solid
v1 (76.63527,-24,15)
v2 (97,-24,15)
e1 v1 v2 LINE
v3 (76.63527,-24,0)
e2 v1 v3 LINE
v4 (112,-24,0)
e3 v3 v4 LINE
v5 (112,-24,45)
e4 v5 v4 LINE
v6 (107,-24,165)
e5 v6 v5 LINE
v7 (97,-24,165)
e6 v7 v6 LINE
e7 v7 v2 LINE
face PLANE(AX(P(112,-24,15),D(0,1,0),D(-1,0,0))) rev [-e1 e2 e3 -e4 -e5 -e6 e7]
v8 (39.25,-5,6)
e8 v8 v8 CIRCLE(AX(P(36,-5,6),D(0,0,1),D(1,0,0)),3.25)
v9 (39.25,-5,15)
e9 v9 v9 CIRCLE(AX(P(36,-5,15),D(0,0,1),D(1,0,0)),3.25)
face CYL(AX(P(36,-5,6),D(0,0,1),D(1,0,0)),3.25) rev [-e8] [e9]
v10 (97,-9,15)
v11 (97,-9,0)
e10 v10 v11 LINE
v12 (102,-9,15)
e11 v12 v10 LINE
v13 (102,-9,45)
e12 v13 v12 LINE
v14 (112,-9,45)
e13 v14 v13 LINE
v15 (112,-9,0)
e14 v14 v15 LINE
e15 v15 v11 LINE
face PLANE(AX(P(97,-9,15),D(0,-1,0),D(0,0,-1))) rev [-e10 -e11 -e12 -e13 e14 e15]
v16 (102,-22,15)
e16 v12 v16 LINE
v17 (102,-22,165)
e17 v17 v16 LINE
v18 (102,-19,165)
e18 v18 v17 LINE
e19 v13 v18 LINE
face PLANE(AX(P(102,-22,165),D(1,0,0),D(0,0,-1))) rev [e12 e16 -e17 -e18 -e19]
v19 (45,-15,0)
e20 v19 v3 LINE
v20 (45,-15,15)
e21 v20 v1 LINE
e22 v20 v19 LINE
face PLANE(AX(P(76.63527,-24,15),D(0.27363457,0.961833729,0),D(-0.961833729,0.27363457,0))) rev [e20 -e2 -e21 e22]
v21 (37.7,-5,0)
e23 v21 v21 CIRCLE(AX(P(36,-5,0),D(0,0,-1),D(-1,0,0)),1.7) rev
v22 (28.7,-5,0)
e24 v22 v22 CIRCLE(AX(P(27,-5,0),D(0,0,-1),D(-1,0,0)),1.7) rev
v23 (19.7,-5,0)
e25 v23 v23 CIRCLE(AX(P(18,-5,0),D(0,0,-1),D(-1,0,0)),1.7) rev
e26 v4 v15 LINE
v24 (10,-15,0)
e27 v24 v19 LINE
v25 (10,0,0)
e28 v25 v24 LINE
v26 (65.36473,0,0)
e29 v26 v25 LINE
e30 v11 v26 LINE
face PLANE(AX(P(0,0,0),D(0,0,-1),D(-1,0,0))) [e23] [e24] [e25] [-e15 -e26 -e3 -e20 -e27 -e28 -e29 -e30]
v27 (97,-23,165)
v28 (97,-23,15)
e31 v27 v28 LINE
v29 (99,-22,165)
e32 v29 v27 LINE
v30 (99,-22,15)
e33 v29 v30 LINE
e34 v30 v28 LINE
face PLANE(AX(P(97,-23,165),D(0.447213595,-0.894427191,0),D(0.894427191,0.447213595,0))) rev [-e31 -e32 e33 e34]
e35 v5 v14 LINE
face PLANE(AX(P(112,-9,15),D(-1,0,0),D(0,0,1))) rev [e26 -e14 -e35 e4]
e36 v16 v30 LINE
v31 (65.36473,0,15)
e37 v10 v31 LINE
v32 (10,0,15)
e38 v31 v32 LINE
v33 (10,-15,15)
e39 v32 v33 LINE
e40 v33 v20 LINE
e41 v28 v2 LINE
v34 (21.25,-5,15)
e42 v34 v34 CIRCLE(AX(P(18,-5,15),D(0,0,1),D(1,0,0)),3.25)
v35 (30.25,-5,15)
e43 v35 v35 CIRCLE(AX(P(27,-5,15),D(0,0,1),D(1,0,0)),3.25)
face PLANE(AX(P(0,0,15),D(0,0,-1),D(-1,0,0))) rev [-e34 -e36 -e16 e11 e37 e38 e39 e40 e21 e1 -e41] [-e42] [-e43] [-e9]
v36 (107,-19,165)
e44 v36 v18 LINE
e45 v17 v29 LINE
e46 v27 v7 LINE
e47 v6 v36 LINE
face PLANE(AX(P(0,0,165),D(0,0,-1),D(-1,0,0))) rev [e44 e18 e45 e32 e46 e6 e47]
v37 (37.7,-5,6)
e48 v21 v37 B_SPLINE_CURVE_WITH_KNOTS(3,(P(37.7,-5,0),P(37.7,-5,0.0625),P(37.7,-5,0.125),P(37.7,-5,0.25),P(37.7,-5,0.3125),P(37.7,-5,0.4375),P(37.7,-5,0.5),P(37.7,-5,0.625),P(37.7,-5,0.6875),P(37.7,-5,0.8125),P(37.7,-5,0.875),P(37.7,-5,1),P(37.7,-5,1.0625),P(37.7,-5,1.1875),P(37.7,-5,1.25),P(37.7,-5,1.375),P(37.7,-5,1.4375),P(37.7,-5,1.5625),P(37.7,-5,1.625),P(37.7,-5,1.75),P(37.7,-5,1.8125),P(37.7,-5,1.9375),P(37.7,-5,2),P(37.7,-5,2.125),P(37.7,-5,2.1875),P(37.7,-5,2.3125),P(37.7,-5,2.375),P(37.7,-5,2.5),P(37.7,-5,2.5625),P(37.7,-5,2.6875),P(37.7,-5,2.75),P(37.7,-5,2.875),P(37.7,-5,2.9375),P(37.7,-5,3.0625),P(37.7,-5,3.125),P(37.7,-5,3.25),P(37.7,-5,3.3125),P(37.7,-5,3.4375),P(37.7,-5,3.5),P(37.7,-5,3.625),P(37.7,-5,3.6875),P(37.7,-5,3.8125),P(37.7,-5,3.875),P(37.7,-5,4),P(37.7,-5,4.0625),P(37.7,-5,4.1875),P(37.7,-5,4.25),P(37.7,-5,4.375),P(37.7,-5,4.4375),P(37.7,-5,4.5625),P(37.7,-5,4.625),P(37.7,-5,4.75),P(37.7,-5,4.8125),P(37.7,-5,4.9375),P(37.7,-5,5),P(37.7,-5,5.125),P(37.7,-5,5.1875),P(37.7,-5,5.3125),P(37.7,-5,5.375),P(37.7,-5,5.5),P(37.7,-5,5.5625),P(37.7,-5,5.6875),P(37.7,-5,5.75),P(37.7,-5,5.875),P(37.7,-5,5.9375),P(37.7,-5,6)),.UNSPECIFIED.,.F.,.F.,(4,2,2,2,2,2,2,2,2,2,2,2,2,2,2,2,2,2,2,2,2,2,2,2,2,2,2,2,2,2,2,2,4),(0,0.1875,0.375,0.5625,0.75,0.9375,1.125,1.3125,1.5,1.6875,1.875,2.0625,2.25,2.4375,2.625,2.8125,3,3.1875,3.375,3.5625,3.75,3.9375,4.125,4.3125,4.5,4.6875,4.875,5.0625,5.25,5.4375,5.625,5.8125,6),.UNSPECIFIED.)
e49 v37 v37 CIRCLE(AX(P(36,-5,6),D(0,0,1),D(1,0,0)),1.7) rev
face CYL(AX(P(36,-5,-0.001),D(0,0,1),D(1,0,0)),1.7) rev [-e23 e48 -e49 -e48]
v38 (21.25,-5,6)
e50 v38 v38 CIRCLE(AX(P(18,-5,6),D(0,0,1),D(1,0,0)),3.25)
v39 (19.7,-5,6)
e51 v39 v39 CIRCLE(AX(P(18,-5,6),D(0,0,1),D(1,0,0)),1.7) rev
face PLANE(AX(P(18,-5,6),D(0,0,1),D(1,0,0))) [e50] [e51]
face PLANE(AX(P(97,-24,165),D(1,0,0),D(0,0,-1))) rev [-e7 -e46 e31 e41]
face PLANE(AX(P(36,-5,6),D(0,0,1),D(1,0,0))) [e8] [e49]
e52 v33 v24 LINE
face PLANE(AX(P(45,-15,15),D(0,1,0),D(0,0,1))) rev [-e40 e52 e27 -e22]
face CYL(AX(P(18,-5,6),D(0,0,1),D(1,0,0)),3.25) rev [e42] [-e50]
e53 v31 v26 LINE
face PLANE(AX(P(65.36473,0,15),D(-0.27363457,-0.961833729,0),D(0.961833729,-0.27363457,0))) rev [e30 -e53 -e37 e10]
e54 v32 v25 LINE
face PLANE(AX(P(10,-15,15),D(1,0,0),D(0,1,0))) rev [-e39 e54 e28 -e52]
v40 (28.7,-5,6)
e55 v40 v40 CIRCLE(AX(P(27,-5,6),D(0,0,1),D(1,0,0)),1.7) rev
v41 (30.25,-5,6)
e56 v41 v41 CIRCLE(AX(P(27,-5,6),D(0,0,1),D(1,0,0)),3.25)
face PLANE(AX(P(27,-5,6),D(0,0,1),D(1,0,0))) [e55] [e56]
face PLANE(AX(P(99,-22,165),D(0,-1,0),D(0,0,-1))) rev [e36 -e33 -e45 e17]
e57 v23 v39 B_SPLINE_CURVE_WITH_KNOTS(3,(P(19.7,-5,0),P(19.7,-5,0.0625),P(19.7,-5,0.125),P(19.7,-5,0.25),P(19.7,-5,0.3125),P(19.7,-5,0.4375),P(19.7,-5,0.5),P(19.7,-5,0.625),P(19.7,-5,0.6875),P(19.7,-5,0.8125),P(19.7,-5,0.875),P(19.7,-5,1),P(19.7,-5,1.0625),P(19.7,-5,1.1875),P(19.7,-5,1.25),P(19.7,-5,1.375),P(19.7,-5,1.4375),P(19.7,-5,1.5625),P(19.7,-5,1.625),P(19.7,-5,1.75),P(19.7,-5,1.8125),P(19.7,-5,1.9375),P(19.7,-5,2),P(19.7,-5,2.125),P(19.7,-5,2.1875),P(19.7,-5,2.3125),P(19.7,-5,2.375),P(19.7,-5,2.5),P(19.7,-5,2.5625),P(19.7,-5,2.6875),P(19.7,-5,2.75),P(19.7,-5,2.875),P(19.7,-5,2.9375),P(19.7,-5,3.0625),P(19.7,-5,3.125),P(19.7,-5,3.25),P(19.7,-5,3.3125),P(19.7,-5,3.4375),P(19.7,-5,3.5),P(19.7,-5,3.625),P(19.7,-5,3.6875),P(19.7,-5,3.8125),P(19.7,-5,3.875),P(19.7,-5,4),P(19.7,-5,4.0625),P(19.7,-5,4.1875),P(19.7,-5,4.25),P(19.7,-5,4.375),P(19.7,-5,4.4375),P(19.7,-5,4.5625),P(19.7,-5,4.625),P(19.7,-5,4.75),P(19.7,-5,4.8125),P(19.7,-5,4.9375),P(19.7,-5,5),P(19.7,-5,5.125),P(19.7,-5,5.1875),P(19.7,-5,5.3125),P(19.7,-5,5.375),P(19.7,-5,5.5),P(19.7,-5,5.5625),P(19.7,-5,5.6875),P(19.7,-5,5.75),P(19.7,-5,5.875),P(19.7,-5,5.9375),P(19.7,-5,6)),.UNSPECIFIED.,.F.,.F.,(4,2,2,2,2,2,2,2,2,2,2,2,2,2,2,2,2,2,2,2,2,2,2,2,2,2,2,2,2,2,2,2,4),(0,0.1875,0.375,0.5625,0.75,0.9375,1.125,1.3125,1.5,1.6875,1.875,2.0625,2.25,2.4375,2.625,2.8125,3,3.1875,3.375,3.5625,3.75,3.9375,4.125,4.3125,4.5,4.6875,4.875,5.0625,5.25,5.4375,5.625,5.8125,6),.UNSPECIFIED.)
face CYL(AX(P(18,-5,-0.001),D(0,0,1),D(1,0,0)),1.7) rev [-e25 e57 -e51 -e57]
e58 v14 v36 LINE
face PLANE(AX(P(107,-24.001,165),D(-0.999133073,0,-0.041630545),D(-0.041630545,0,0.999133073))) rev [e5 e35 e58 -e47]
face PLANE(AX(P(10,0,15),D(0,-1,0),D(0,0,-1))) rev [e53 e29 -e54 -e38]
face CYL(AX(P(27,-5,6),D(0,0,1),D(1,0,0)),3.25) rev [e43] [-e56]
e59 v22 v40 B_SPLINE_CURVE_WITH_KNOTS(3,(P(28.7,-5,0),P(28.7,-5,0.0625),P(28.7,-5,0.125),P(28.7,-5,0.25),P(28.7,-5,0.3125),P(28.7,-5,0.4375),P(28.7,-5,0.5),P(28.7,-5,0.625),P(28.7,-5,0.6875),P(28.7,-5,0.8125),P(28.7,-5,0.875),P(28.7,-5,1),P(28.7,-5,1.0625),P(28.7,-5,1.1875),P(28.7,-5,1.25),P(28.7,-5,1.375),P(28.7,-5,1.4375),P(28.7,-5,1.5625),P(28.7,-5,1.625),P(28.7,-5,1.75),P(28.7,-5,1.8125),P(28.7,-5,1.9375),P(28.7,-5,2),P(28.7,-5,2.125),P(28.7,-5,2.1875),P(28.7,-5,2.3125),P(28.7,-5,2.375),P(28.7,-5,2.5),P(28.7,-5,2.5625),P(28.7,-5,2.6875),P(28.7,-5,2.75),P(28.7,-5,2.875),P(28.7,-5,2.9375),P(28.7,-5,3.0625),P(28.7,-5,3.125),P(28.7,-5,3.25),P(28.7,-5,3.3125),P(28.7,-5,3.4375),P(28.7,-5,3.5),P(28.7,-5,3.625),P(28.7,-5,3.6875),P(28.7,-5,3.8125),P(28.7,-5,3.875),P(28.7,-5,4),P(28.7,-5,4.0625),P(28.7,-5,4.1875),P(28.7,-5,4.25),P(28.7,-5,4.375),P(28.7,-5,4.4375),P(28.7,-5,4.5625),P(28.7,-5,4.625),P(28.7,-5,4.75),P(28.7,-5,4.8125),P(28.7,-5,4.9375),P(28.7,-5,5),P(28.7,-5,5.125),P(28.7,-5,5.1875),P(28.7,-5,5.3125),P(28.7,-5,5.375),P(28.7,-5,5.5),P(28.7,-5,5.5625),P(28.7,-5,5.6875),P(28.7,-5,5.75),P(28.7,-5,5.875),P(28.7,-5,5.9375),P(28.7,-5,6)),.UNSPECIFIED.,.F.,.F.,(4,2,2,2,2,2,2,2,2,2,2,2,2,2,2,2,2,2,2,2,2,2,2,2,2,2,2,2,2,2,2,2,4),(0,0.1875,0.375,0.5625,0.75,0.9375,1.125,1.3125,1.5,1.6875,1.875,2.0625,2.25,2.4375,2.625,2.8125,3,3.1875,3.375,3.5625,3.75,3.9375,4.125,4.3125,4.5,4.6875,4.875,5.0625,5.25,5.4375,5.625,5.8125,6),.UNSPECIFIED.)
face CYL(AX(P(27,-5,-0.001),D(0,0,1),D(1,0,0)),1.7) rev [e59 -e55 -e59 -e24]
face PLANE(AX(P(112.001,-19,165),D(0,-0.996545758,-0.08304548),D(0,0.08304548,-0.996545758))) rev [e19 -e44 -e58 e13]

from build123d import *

# Parameters (mm, degrees)
AUFSATZ_LINEAR_AUSTRAGEN1_DEPTH = 15
AUFSATZ_LINEAR_AUSTRAGEN2_DEPTH = 150
SCHNITT_LINEAR_AUSTRAGEN1_REACH = 192.434
SCHNITT_LINEAR_AUSTRAGEN2_REACH = 190.733
SKIZZE4_R                       = 1.7
SKIZZE5_R                       = 3.25
SCHNITT_LINEAR_AUSTRAGEN3_DEPTH = 9
SCHNITT_LINEAR_AUSTRAGEN4_REACH = 201.985


with BuildPart() as part:
    # Skizze1 → Aufsatz-Linear austragen1 (new body)
    with BuildSketch(Plane.XY):
        Polygon((10, 0), (65.364729758, 0), (97, -9), (112, -9), (112, -24), (76.635270242, -24), (45, -15), (10, -15), align=None)
    extrude(amount=AUFSATZ_LINEAR_AUSTRAGEN1_DEPTH)

    # Skizze2 → Aufsatz-Linear austragen2 (add)
    with BuildSketch(Plane.XY.offset(15)):
        Polygon((112, -9), (112, -24), (97, -24), (97, -23), (99, -22), (102, -22), (102, -9), align=None)
    extrude(amount=AUFSATZ_LINEAR_AUSTRAGEN2_DEPTH)

    # Skizze3 → Schnitt-Linear austragen1 (cut, up to next)
    with BuildSketch(Plane.ZY.offset(-102), mode=Mode.PRIVATE) as schnitt_linear_austragen1_sk1:
        Polygon((165, -19), (45, -9), (165, -9), align=None)
    schnitt_linear_austragen1_tool1 = extrude(schnitt_linear_austragen1_sk1.sketch, amount=-SCHNITT_LINEAR_AUSTRAGEN1_REACH, mode=Mode.PRIVATE) & part.part
    add(schnitt_linear_austragen1_tool1.solids().sort_by_distance((102, -12.333333, 125))[0], mode=Mode.SUBTRACT)

    # Skizze4 → Schnitt-Linear austragen2 (cut, up to next)
    with BuildSketch(Plane.XY.offset(15), mode=Mode.PRIVATE) as schnitt_linear_austragen2_sk1:
        with Locations((36, -5)):
            Circle(SKIZZE4_R)
    schnitt_linear_austragen2_tool1 = extrude(schnitt_linear_austragen2_sk1.sketch, amount=-SCHNITT_LINEAR_AUSTRAGEN2_REACH, mode=Mode.PRIVATE) & part.part
    # Skizze4 → Schnitt-Linear austragen2 (cut, up to next)
    with BuildSketch(Plane.XY.offset(15), mode=Mode.PRIVATE) as schnitt_linear_austragen2_sk2:
        with Locations((27, -5)):
            Circle(SKIZZE4_R)
    schnitt_linear_austragen2_tool2 = extrude(schnitt_linear_austragen2_sk2.sketch, amount=-SCHNITT_LINEAR_AUSTRAGEN2_REACH, mode=Mode.PRIVATE) & part.part
    # Skizze4 → Schnitt-Linear austragen2 (cut, up to next)
    with BuildSketch(Plane.XY.offset(15), mode=Mode.PRIVATE) as schnitt_linear_austragen2_sk3:
        with Locations((18, -5)):
            Circle(SKIZZE4_R)
    schnitt_linear_austragen2_tool3 = extrude(schnitt_linear_austragen2_sk3.sketch, amount=-SCHNITT_LINEAR_AUSTRAGEN2_REACH, mode=Mode.PRIVATE) & part.part
    add(schnitt_linear_austragen2_tool1.solids().sort_by_distance((36, -5, 15))[0], mode=Mode.SUBTRACT)
    add(schnitt_linear_austragen2_tool2.solids().sort_by_distance((27, -5, 15))[0], mode=Mode.SUBTRACT)
    add(schnitt_linear_austragen2_tool3.solids().sort_by_distance((18, -5, 15))[0], mode=Mode.SUBTRACT)

    # Skizze5 → Schnitt-Linear austragen3 (cut)
    with BuildSketch(Plane.XY.offset(15)):
        with Locations((18, -5)):
            Circle(SKIZZE5_R)
        with Locations((27, -5)):
            Circle(SKIZZE5_R)
        with Locations((36, -5)):
            Circle(SKIZZE5_R)
    extrude(amount=-SCHNITT_LINEAR_AUSTRAGEN3_DEPTH, mode=Mode.SUBTRACT)

    # Skizze6 → Schnitt-Linear austragen4 (cut, up to next)
    with BuildSketch(Plane(origin=(0, -9, 0), x_dir=(1, 0, 0), z_dir=(0, 1, 0)), mode=Mode.PRIVATE) as schnitt_linear_austragen4_sk1:
        Polygon((112, -165), (107, -165), (112, -45), align=None)
    schnitt_linear_austragen4_tool1 = extrude(schnitt_linear_austragen4_sk1.sketch, amount=-SCHNITT_LINEAR_AUSTRAGEN4_REACH, mode=Mode.PRIVATE) & part.part
    add(schnitt_linear_austragen4_tool1.solids().sort_by_distance((110.333333, -9, 125))[0], mode=Mode.SUBTRACT)


solid = part.part
